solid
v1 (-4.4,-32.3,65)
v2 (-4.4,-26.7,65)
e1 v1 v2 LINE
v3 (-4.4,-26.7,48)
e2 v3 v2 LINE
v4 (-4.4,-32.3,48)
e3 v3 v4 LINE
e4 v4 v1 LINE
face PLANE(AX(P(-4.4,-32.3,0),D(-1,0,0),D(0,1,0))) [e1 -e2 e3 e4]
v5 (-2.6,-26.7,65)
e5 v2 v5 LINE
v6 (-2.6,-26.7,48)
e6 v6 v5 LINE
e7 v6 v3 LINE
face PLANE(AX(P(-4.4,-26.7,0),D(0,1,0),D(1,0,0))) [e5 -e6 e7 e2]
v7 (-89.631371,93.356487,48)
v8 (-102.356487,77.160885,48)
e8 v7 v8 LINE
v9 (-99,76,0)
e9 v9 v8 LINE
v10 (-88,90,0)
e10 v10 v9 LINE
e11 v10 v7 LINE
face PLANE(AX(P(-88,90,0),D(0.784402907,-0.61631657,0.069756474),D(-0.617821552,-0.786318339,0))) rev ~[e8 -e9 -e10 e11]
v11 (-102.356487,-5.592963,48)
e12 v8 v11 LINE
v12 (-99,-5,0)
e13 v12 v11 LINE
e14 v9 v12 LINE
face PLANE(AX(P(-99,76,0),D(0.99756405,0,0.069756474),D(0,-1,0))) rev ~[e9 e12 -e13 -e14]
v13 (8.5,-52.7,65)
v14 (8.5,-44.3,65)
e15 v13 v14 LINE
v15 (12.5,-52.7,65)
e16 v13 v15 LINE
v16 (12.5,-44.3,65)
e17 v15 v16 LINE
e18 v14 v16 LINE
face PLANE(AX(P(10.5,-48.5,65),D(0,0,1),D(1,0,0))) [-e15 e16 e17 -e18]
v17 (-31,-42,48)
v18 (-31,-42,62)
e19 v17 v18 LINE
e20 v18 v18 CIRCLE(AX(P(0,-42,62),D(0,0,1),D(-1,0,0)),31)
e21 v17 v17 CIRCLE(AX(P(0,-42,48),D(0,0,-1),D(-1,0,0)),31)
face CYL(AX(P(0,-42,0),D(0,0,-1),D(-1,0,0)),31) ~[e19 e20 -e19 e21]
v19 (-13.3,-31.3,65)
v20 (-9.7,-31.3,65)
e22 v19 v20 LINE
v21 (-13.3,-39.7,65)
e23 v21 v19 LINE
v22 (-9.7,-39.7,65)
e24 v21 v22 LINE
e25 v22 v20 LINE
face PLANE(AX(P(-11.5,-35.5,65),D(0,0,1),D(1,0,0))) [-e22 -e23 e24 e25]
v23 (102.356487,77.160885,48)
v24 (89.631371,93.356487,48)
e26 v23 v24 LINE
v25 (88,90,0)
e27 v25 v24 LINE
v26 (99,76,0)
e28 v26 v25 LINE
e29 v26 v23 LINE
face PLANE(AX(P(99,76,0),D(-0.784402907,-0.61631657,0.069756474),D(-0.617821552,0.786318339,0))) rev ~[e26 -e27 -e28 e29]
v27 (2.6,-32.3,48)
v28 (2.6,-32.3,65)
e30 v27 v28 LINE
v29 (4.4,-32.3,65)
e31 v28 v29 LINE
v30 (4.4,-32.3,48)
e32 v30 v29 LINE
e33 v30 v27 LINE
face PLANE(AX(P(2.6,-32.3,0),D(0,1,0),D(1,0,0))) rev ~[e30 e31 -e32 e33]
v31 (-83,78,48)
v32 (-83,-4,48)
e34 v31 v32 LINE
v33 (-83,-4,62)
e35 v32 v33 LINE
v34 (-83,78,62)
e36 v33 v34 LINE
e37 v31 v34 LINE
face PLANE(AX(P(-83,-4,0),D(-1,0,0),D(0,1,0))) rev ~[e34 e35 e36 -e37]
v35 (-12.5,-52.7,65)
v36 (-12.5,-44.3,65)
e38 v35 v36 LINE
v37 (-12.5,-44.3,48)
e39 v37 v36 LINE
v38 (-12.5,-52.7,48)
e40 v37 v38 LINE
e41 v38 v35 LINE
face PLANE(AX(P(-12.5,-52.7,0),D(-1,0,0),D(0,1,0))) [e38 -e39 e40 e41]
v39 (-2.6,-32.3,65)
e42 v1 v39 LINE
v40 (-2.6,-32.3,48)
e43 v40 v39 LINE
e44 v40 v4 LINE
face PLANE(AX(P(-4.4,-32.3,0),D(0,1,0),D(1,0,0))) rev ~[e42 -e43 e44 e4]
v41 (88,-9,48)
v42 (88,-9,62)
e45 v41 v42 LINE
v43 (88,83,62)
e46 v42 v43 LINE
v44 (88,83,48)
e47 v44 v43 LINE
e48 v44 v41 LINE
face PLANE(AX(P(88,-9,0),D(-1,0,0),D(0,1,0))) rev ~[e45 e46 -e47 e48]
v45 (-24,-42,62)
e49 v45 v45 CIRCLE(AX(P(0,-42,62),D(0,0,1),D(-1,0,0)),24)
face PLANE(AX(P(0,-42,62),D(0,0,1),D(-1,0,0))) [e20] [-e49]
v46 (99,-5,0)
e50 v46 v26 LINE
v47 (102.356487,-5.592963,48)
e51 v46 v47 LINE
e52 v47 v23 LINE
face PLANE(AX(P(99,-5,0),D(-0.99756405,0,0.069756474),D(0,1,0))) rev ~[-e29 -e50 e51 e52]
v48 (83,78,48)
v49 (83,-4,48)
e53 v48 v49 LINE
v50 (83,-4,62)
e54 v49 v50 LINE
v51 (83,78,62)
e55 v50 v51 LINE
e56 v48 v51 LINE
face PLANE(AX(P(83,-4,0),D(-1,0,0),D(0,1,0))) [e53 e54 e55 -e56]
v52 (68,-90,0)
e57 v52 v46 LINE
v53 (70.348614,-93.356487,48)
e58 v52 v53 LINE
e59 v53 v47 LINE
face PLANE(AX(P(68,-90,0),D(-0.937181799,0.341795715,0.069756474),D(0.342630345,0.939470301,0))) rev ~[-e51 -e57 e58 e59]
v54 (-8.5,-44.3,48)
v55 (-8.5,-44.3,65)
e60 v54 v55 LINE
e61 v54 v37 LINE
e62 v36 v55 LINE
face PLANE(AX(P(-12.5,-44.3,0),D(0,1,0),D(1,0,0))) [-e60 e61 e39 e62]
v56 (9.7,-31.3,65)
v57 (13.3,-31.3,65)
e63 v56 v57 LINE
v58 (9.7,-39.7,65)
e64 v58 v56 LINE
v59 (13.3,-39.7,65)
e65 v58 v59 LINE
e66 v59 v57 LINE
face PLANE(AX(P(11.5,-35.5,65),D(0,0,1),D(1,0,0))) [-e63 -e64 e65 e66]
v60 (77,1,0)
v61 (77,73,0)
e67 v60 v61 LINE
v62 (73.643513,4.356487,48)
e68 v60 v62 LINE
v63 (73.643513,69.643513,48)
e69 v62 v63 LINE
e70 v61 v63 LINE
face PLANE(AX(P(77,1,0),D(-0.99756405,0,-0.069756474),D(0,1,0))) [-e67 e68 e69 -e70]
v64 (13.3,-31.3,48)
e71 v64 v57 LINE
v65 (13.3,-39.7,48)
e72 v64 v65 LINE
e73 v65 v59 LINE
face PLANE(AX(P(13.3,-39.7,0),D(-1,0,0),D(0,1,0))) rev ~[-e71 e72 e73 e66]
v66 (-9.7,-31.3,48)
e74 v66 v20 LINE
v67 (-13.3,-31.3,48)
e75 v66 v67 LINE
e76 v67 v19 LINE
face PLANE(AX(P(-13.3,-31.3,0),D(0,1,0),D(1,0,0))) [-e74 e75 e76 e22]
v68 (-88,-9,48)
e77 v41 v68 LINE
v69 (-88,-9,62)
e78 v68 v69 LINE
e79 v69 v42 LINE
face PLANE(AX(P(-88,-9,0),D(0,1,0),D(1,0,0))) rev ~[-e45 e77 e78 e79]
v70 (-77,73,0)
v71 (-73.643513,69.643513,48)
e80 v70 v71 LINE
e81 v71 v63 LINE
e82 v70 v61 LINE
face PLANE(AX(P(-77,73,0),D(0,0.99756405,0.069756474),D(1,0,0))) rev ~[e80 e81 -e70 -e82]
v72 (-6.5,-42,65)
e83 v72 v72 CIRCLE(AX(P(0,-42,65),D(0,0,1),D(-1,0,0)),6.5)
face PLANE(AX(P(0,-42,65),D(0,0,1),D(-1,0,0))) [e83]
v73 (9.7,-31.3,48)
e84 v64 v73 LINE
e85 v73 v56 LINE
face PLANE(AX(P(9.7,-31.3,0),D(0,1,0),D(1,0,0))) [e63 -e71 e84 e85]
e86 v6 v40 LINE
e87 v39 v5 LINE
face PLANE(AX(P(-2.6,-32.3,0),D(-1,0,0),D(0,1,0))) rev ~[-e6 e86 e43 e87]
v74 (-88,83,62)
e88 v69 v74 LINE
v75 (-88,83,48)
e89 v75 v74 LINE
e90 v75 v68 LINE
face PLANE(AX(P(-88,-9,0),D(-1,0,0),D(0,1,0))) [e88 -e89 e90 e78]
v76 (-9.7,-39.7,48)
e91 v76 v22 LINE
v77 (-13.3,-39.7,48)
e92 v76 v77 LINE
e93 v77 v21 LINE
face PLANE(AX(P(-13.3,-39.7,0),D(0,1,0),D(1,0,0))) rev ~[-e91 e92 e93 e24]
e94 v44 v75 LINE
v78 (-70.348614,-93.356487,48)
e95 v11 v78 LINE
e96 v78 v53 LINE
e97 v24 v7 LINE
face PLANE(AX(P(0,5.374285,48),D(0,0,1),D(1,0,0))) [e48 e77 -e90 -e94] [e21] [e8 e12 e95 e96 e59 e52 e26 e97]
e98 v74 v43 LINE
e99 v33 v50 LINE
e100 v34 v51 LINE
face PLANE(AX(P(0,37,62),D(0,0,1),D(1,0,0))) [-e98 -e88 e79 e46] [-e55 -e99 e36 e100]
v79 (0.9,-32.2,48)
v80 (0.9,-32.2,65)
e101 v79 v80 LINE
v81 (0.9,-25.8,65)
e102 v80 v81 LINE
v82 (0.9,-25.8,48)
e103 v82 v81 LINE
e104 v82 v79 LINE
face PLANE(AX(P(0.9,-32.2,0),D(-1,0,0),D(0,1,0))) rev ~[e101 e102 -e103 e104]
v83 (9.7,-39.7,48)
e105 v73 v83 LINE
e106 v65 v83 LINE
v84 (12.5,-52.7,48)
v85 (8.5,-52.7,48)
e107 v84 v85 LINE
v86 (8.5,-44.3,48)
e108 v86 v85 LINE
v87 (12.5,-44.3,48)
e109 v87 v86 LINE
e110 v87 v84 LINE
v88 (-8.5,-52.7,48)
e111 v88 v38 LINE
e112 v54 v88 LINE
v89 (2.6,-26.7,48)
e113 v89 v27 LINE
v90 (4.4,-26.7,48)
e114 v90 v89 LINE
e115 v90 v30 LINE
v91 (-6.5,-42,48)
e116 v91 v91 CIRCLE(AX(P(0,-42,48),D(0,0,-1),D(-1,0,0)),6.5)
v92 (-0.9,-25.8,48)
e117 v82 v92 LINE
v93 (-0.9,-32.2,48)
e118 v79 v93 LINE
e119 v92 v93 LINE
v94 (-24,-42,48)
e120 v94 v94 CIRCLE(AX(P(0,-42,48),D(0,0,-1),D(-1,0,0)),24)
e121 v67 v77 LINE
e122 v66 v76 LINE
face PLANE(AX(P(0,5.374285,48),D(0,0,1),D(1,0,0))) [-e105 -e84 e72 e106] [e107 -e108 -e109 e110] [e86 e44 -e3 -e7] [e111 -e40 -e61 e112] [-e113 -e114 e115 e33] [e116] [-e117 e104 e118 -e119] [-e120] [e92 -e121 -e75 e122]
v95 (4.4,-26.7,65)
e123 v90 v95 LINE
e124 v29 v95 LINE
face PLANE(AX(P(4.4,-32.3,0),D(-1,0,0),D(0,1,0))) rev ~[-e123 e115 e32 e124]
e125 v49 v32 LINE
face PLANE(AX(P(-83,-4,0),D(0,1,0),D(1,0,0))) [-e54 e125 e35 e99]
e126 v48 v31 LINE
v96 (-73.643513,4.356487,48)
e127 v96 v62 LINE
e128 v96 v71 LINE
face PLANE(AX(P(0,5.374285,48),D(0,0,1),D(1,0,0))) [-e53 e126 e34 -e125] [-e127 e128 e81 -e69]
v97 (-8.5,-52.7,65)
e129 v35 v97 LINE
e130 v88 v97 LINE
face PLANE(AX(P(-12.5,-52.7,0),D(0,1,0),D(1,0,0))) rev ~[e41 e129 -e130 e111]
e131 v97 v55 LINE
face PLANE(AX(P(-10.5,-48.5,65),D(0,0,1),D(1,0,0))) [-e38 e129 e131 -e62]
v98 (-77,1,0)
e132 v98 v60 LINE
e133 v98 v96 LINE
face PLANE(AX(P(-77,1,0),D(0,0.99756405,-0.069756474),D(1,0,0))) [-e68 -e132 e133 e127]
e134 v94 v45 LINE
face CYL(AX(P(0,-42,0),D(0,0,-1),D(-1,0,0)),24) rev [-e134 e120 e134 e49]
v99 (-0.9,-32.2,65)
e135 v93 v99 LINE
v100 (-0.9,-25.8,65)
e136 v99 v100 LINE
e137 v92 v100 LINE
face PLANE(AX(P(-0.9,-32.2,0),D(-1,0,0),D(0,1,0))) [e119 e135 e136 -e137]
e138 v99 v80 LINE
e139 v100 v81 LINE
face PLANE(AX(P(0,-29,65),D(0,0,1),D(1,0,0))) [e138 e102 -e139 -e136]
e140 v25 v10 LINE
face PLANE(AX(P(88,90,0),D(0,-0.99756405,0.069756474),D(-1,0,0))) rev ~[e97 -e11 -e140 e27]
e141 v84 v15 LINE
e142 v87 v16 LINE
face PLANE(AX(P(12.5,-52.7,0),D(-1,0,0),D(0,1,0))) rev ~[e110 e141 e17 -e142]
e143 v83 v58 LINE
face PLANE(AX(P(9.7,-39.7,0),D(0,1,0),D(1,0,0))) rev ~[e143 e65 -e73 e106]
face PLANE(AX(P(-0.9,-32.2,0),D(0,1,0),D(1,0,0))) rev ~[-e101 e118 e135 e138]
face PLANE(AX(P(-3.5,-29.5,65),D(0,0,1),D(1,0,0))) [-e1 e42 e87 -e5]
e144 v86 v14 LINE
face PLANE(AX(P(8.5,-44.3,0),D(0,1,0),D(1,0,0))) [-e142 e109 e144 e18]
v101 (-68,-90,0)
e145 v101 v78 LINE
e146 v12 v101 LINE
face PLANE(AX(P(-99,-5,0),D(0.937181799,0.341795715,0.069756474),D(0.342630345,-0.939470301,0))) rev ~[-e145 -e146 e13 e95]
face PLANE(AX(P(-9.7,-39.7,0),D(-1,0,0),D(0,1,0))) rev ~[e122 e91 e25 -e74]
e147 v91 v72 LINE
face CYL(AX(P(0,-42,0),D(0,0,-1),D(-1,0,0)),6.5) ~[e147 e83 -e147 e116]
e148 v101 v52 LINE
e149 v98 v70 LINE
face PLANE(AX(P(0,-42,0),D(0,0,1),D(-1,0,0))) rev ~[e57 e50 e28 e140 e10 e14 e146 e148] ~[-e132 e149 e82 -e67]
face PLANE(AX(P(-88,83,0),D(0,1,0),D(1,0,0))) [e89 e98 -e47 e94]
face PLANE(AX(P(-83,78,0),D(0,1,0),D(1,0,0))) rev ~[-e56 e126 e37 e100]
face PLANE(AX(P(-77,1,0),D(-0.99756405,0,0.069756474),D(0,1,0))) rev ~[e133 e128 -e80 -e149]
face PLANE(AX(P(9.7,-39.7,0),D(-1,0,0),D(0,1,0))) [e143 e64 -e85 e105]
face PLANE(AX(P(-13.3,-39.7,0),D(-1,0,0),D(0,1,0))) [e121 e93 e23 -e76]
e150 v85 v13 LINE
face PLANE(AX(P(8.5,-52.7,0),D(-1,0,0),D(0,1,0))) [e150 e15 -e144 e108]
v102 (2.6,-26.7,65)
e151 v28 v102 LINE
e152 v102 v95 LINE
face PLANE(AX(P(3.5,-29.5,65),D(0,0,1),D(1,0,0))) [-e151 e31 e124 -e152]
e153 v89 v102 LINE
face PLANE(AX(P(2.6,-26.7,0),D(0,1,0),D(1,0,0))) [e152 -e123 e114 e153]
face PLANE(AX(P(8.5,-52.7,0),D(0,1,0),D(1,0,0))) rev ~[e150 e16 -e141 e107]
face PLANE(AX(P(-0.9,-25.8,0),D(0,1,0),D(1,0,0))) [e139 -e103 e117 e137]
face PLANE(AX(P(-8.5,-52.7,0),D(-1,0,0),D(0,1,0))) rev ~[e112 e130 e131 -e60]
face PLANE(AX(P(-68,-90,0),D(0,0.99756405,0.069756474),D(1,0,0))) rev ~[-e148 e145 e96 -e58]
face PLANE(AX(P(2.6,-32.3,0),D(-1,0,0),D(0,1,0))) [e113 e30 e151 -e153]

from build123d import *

# Parameters (mm, degrees)
SKETCH1_W           = 154
SKETCH1_H           = 72
BOSS_EXTRUDE1_DEPTH = 48
BOSS_EXTRUDE1_DRAFT = -4
SKETCH2_R           = 31
SKETCH2_R_2         = 24
SKETCH2_W           = 176
SKETCH2_H           = 92
SKETCH2_W_2         = 166
SKETCH2_H_2         = 82
BOSS_EXTRUDE2_DEPTH = 62
SKETCH3_R           = 6.5
SKETCH3_W           = 1.8
SKETCH3_H           = 5.6
SKETCH3_H_2         = 6.4
SKETCH3_W_2         = 3.6
SKETCH3_H_3         = 8.4
SKETCH3_W_3         = 4
BOSS_EXTRUDE3_DEPTH = 65


with BuildPart() as part:
    # Sketch1 → Boss-Extrude1 (with draft: the straight prism first)
    with BuildSketch(Plane.XY):
        Polygon((-88, 90), (-99, 76), (-99, -5), (-68, -90), (68, -90), (99, -5), (99, 76), (88, 90), align=None)
        with Locations((0, 37)):
            Rectangle(SKETCH1_W, SKETCH1_H, mode=Mode.SUBTRACT)
    extrude(amount=BOSS_EXTRUDE1_DEPTH)
    # Boss-Extrude1: the draft: its side faces are tilted about the plane it starts from
    boss_extrude1_sides = [part.faces().sort_by_distance(p)[0] for p in [
        (-93.5, 83, 24),
        (-99, 35.5, 24),
        (-83.5, -47.5, 24),
        (0, -90, 24),
        (83.5, -47.5, 24),
        (99, 35.5, 24),
        (93.5, 83, 24),
        (0, 90, 24),
        (-77, 37, 24),
        (0, 73, 24),
        (77, 37, 24),
        (0, 1, 24),
    ]]
    draft(boss_extrude1_sides, Plane.XY, BOSS_EXTRUDE1_DRAFT)

    # Sketch2 → Boss-Extrude2 (add)
    # profile 1 of 2: a face of its own
    with BuildSketch(Plane.XY):
        with Locations(Location((0, -42, 0), (0, 0, 180))):
            Circle(SKETCH2_R)
        with Locations(Location((0, -42, 0), (0, 0, 180))):
            Circle(SKETCH2_R_2, mode=Mode.SUBTRACT)
    # profile 2 of 2: a face of its own
    with BuildSketch(Plane.XY):
        with Locations((0, 37)):
            Rectangle(SKETCH2_W, SKETCH2_H)
        with Locations((0, 37)):
            Rectangle(SKETCH2_W_2, SKETCH2_H_2, mode=Mode.SUBTRACT)
    extrude(amount=BOSS_EXTRUDE2_DEPTH)

    # Sketch3 → Boss-Extrude3 (add)
    with BuildSketch(Plane.XY):
        with Locations(Location((0, -42, 0), (0, 0, 180))):
            Circle(SKETCH3_R)
        with Locations((-3.5, -29.5)):
            Rectangle(SKETCH3_W, SKETCH3_H)
        with Locations((0, -29)):
            Rectangle(SKETCH3_W, SKETCH3_H_2)
        with Locations((3.5, -29.5)):
            Rectangle(SKETCH3_W, SKETCH3_H)
        with Locations((-11.5, -35.5)):
            Rectangle(SKETCH3_W_2, SKETCH3_H_3)
        with Locations((11.5, -35.5)):
            Rectangle(SKETCH3_W_2, SKETCH3_H_3)
        with Locations((-10.5, -48.5)):
            Rectangle(SKETCH3_W_3, SKETCH3_H_3)
        with Locations((10.5, -48.5)):
            Rectangle(SKETCH3_W_3, SKETCH3_H_3)
    extrude(amount=BOSS_EXTRUDE3_DEPTH)


solid = part.part
